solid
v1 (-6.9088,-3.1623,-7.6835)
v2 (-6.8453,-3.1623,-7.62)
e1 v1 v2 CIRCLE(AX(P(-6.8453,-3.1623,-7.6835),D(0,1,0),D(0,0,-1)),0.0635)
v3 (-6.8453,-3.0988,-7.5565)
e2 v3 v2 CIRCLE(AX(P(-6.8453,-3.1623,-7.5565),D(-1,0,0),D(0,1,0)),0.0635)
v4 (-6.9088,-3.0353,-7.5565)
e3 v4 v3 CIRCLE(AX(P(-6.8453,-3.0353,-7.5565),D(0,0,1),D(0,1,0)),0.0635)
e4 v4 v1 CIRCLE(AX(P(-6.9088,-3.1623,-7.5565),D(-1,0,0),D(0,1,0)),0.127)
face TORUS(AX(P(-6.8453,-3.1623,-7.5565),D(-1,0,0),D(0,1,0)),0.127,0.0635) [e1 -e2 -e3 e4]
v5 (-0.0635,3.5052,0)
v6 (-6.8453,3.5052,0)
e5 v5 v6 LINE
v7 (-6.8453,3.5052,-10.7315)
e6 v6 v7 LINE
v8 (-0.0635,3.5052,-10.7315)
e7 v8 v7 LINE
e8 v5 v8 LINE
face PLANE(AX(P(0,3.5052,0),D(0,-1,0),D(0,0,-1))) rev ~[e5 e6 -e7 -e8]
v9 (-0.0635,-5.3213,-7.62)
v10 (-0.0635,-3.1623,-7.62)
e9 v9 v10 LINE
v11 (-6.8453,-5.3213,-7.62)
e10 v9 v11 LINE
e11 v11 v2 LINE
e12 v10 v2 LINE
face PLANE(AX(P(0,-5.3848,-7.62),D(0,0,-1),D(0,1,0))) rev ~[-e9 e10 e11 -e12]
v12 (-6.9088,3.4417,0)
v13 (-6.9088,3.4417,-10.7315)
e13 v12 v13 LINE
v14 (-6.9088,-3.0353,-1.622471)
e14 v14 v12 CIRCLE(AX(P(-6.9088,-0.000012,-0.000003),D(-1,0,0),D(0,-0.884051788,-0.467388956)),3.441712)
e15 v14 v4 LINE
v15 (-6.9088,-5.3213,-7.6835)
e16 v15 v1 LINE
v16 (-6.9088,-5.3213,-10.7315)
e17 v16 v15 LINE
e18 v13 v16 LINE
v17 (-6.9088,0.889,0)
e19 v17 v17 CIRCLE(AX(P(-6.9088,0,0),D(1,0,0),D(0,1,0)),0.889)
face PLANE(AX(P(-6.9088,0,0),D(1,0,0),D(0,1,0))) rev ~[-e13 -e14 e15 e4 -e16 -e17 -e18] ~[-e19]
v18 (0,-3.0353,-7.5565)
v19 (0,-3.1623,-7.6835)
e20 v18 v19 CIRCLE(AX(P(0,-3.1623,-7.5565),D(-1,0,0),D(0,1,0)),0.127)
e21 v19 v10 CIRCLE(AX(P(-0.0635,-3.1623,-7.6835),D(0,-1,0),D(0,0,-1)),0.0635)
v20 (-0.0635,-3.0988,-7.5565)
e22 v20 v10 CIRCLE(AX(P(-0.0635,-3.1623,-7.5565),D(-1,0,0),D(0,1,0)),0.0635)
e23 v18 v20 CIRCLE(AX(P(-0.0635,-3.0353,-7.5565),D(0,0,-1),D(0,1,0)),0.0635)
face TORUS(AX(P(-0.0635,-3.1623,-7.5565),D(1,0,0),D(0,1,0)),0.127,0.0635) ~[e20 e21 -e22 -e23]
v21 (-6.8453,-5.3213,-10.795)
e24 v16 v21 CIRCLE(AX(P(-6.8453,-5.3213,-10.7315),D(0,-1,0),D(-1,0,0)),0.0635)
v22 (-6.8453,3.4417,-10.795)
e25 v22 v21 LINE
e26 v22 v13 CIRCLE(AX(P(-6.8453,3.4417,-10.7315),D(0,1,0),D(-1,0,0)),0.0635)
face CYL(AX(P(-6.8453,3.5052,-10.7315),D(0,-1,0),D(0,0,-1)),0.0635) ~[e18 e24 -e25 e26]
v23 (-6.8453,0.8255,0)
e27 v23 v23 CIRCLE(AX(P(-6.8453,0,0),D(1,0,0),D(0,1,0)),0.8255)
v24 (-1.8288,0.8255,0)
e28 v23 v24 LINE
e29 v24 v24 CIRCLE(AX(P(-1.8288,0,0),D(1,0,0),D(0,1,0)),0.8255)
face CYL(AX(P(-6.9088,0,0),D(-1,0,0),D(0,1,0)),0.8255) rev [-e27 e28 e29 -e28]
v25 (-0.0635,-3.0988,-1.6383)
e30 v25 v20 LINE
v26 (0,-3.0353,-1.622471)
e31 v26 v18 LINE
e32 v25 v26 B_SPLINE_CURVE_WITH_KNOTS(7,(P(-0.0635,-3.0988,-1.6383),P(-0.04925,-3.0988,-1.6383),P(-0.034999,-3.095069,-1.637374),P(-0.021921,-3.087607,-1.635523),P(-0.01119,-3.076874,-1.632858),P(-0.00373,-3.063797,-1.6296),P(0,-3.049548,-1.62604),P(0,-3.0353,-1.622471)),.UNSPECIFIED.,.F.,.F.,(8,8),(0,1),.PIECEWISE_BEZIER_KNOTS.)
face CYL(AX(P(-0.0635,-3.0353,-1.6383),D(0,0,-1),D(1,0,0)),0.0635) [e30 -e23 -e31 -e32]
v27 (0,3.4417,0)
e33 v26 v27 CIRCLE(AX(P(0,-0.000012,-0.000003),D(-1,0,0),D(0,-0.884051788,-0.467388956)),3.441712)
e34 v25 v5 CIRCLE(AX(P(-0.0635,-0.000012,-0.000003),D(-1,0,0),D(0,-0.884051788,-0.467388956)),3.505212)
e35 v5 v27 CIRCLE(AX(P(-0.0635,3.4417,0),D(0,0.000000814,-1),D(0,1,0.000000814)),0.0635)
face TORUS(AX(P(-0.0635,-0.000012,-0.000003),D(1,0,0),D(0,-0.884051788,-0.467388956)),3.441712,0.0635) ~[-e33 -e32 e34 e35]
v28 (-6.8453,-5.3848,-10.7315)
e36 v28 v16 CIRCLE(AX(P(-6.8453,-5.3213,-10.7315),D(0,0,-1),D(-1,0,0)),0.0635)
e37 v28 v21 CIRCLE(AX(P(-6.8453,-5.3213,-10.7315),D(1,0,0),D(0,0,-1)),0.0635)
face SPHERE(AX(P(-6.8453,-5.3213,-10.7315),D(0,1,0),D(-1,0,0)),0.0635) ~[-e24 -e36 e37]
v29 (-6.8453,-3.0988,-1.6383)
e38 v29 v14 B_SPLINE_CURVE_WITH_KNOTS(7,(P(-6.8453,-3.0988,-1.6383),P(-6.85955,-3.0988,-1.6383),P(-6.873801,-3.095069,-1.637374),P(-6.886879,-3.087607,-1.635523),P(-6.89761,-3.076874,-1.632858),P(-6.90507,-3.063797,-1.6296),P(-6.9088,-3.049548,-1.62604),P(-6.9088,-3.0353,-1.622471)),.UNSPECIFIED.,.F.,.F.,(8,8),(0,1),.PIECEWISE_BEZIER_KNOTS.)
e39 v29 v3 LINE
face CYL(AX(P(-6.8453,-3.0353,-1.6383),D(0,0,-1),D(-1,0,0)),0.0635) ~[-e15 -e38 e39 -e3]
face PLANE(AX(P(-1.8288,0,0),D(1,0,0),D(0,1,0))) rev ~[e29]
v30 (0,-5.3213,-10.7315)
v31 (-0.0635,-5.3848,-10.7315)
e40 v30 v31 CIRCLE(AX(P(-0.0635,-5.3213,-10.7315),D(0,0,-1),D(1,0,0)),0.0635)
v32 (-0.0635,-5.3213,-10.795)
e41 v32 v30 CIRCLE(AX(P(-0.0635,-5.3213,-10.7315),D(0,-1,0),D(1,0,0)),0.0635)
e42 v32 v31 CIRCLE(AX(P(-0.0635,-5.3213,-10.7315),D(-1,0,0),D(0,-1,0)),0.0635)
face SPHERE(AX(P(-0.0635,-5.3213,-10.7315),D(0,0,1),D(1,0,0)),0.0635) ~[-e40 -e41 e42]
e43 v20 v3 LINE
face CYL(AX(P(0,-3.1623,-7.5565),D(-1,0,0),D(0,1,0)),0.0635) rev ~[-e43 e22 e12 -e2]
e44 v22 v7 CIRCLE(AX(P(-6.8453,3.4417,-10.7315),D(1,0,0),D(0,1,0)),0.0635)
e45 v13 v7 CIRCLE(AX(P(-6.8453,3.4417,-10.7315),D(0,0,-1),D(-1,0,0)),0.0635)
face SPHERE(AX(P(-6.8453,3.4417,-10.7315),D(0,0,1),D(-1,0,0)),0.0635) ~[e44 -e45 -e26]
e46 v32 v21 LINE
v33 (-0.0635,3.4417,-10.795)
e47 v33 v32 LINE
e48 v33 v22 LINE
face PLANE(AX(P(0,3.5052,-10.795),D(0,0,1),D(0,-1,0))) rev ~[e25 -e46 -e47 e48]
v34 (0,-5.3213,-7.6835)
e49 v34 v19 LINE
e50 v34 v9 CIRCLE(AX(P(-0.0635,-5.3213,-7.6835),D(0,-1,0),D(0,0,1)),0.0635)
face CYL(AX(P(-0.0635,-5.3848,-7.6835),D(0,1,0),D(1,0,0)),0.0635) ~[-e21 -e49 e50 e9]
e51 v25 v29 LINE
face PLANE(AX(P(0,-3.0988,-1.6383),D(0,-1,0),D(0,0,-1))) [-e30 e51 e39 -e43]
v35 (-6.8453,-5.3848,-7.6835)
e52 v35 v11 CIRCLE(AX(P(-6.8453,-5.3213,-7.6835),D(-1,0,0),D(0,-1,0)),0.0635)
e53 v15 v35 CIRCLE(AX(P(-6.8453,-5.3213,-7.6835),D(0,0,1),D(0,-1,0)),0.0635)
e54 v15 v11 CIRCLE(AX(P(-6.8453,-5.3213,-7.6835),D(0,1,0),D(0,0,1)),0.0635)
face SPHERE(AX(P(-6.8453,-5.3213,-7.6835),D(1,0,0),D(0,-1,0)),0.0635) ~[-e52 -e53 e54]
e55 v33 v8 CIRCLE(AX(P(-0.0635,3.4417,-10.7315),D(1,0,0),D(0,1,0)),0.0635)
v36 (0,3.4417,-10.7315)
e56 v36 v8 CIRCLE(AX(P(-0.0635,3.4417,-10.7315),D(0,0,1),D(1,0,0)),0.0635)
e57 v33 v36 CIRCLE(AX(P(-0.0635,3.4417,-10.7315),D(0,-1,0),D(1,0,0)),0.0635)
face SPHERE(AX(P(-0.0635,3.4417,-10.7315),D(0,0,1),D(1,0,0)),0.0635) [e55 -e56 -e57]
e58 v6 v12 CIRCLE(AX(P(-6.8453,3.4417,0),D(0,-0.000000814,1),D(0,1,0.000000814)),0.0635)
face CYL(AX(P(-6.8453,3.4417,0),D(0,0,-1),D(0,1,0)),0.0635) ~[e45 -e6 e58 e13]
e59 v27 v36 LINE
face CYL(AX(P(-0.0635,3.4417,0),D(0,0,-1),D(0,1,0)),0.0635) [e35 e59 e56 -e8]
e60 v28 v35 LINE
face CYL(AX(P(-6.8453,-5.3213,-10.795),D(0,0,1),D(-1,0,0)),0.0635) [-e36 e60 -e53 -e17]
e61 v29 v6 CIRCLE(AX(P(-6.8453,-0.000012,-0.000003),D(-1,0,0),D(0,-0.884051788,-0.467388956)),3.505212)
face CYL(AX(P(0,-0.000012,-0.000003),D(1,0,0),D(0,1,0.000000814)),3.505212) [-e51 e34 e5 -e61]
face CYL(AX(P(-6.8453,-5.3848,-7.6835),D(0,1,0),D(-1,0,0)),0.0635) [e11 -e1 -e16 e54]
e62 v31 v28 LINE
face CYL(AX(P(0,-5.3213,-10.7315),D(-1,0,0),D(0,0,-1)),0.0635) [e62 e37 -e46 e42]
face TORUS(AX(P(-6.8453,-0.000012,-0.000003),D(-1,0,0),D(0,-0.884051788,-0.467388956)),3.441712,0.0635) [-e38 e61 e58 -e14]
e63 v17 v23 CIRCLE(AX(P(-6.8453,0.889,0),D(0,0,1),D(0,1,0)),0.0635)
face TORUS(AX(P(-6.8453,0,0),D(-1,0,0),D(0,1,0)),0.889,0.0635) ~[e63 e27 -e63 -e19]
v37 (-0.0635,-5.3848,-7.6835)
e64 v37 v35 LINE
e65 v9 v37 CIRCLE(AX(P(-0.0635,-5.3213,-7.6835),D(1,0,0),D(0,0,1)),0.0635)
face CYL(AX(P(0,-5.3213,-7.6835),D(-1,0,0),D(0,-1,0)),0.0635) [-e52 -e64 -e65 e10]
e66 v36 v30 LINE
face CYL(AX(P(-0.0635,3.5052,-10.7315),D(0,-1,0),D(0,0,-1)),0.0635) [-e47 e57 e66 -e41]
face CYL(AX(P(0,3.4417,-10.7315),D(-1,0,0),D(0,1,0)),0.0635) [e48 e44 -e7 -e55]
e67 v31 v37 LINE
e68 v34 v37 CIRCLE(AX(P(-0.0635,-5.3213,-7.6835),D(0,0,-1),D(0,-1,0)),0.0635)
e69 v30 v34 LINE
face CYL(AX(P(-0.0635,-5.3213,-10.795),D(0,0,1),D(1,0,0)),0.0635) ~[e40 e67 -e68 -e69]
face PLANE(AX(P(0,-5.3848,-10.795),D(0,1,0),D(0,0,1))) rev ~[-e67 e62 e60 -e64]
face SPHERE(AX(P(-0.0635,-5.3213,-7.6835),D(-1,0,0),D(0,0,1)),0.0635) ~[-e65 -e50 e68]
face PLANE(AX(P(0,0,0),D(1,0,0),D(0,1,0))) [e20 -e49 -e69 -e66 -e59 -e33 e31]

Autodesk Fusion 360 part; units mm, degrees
sketch "LegOutline" plane through (0, 0, 0) normal (1, 0, 0) x (0, 1, 0)
  line L0 (3.5052, 0) -> (3.5052, -10.795)
  line L1 (3.5052, -10.795) -> (-5.3848, -10.795)
  line L2 (-5.3848, -10.795) -> (-5.3848, -7.62)
  line L3 (-3.0988, -1.6383) -> (-3.0988, -7.62)
  line L4 (-5.3848, -7.62) -> (-3.0988, -7.62)
  arc A0 (3.5052, 0) -> (-3.0988, -1.6383) centre (0, 0) ccw
  circle A1 centre (0, 0) radius 0.8255
  dimension "d1" = 7.0104
  dimension "d2" = 10.795
  dimension "d3" = 8.89
  dimension "d4" = 3.175
  dimension "d5" = 6.604
  dimension "d6" = 1.651
extrude "Extrude1" add sketch "LegOutline" against normal blind 6.9088 contours L0 L1 L2 L3 L4 A0 | A1
extrude "Extrude2" cut sketch "LegOutline" along normal blind 5.08 from surface at -6.9088 contours A1
fillet "Fillet1" radius 0.0635 2 edges at (-3.4544, -3.0988, -7.62) (-3.4544, -5.3848, -7.62) 3 faces at (-6.9088, 0.236, -6.3945) (0, 1.3039, -6.1383) (-4.6059, 0.5419, -10.795)
